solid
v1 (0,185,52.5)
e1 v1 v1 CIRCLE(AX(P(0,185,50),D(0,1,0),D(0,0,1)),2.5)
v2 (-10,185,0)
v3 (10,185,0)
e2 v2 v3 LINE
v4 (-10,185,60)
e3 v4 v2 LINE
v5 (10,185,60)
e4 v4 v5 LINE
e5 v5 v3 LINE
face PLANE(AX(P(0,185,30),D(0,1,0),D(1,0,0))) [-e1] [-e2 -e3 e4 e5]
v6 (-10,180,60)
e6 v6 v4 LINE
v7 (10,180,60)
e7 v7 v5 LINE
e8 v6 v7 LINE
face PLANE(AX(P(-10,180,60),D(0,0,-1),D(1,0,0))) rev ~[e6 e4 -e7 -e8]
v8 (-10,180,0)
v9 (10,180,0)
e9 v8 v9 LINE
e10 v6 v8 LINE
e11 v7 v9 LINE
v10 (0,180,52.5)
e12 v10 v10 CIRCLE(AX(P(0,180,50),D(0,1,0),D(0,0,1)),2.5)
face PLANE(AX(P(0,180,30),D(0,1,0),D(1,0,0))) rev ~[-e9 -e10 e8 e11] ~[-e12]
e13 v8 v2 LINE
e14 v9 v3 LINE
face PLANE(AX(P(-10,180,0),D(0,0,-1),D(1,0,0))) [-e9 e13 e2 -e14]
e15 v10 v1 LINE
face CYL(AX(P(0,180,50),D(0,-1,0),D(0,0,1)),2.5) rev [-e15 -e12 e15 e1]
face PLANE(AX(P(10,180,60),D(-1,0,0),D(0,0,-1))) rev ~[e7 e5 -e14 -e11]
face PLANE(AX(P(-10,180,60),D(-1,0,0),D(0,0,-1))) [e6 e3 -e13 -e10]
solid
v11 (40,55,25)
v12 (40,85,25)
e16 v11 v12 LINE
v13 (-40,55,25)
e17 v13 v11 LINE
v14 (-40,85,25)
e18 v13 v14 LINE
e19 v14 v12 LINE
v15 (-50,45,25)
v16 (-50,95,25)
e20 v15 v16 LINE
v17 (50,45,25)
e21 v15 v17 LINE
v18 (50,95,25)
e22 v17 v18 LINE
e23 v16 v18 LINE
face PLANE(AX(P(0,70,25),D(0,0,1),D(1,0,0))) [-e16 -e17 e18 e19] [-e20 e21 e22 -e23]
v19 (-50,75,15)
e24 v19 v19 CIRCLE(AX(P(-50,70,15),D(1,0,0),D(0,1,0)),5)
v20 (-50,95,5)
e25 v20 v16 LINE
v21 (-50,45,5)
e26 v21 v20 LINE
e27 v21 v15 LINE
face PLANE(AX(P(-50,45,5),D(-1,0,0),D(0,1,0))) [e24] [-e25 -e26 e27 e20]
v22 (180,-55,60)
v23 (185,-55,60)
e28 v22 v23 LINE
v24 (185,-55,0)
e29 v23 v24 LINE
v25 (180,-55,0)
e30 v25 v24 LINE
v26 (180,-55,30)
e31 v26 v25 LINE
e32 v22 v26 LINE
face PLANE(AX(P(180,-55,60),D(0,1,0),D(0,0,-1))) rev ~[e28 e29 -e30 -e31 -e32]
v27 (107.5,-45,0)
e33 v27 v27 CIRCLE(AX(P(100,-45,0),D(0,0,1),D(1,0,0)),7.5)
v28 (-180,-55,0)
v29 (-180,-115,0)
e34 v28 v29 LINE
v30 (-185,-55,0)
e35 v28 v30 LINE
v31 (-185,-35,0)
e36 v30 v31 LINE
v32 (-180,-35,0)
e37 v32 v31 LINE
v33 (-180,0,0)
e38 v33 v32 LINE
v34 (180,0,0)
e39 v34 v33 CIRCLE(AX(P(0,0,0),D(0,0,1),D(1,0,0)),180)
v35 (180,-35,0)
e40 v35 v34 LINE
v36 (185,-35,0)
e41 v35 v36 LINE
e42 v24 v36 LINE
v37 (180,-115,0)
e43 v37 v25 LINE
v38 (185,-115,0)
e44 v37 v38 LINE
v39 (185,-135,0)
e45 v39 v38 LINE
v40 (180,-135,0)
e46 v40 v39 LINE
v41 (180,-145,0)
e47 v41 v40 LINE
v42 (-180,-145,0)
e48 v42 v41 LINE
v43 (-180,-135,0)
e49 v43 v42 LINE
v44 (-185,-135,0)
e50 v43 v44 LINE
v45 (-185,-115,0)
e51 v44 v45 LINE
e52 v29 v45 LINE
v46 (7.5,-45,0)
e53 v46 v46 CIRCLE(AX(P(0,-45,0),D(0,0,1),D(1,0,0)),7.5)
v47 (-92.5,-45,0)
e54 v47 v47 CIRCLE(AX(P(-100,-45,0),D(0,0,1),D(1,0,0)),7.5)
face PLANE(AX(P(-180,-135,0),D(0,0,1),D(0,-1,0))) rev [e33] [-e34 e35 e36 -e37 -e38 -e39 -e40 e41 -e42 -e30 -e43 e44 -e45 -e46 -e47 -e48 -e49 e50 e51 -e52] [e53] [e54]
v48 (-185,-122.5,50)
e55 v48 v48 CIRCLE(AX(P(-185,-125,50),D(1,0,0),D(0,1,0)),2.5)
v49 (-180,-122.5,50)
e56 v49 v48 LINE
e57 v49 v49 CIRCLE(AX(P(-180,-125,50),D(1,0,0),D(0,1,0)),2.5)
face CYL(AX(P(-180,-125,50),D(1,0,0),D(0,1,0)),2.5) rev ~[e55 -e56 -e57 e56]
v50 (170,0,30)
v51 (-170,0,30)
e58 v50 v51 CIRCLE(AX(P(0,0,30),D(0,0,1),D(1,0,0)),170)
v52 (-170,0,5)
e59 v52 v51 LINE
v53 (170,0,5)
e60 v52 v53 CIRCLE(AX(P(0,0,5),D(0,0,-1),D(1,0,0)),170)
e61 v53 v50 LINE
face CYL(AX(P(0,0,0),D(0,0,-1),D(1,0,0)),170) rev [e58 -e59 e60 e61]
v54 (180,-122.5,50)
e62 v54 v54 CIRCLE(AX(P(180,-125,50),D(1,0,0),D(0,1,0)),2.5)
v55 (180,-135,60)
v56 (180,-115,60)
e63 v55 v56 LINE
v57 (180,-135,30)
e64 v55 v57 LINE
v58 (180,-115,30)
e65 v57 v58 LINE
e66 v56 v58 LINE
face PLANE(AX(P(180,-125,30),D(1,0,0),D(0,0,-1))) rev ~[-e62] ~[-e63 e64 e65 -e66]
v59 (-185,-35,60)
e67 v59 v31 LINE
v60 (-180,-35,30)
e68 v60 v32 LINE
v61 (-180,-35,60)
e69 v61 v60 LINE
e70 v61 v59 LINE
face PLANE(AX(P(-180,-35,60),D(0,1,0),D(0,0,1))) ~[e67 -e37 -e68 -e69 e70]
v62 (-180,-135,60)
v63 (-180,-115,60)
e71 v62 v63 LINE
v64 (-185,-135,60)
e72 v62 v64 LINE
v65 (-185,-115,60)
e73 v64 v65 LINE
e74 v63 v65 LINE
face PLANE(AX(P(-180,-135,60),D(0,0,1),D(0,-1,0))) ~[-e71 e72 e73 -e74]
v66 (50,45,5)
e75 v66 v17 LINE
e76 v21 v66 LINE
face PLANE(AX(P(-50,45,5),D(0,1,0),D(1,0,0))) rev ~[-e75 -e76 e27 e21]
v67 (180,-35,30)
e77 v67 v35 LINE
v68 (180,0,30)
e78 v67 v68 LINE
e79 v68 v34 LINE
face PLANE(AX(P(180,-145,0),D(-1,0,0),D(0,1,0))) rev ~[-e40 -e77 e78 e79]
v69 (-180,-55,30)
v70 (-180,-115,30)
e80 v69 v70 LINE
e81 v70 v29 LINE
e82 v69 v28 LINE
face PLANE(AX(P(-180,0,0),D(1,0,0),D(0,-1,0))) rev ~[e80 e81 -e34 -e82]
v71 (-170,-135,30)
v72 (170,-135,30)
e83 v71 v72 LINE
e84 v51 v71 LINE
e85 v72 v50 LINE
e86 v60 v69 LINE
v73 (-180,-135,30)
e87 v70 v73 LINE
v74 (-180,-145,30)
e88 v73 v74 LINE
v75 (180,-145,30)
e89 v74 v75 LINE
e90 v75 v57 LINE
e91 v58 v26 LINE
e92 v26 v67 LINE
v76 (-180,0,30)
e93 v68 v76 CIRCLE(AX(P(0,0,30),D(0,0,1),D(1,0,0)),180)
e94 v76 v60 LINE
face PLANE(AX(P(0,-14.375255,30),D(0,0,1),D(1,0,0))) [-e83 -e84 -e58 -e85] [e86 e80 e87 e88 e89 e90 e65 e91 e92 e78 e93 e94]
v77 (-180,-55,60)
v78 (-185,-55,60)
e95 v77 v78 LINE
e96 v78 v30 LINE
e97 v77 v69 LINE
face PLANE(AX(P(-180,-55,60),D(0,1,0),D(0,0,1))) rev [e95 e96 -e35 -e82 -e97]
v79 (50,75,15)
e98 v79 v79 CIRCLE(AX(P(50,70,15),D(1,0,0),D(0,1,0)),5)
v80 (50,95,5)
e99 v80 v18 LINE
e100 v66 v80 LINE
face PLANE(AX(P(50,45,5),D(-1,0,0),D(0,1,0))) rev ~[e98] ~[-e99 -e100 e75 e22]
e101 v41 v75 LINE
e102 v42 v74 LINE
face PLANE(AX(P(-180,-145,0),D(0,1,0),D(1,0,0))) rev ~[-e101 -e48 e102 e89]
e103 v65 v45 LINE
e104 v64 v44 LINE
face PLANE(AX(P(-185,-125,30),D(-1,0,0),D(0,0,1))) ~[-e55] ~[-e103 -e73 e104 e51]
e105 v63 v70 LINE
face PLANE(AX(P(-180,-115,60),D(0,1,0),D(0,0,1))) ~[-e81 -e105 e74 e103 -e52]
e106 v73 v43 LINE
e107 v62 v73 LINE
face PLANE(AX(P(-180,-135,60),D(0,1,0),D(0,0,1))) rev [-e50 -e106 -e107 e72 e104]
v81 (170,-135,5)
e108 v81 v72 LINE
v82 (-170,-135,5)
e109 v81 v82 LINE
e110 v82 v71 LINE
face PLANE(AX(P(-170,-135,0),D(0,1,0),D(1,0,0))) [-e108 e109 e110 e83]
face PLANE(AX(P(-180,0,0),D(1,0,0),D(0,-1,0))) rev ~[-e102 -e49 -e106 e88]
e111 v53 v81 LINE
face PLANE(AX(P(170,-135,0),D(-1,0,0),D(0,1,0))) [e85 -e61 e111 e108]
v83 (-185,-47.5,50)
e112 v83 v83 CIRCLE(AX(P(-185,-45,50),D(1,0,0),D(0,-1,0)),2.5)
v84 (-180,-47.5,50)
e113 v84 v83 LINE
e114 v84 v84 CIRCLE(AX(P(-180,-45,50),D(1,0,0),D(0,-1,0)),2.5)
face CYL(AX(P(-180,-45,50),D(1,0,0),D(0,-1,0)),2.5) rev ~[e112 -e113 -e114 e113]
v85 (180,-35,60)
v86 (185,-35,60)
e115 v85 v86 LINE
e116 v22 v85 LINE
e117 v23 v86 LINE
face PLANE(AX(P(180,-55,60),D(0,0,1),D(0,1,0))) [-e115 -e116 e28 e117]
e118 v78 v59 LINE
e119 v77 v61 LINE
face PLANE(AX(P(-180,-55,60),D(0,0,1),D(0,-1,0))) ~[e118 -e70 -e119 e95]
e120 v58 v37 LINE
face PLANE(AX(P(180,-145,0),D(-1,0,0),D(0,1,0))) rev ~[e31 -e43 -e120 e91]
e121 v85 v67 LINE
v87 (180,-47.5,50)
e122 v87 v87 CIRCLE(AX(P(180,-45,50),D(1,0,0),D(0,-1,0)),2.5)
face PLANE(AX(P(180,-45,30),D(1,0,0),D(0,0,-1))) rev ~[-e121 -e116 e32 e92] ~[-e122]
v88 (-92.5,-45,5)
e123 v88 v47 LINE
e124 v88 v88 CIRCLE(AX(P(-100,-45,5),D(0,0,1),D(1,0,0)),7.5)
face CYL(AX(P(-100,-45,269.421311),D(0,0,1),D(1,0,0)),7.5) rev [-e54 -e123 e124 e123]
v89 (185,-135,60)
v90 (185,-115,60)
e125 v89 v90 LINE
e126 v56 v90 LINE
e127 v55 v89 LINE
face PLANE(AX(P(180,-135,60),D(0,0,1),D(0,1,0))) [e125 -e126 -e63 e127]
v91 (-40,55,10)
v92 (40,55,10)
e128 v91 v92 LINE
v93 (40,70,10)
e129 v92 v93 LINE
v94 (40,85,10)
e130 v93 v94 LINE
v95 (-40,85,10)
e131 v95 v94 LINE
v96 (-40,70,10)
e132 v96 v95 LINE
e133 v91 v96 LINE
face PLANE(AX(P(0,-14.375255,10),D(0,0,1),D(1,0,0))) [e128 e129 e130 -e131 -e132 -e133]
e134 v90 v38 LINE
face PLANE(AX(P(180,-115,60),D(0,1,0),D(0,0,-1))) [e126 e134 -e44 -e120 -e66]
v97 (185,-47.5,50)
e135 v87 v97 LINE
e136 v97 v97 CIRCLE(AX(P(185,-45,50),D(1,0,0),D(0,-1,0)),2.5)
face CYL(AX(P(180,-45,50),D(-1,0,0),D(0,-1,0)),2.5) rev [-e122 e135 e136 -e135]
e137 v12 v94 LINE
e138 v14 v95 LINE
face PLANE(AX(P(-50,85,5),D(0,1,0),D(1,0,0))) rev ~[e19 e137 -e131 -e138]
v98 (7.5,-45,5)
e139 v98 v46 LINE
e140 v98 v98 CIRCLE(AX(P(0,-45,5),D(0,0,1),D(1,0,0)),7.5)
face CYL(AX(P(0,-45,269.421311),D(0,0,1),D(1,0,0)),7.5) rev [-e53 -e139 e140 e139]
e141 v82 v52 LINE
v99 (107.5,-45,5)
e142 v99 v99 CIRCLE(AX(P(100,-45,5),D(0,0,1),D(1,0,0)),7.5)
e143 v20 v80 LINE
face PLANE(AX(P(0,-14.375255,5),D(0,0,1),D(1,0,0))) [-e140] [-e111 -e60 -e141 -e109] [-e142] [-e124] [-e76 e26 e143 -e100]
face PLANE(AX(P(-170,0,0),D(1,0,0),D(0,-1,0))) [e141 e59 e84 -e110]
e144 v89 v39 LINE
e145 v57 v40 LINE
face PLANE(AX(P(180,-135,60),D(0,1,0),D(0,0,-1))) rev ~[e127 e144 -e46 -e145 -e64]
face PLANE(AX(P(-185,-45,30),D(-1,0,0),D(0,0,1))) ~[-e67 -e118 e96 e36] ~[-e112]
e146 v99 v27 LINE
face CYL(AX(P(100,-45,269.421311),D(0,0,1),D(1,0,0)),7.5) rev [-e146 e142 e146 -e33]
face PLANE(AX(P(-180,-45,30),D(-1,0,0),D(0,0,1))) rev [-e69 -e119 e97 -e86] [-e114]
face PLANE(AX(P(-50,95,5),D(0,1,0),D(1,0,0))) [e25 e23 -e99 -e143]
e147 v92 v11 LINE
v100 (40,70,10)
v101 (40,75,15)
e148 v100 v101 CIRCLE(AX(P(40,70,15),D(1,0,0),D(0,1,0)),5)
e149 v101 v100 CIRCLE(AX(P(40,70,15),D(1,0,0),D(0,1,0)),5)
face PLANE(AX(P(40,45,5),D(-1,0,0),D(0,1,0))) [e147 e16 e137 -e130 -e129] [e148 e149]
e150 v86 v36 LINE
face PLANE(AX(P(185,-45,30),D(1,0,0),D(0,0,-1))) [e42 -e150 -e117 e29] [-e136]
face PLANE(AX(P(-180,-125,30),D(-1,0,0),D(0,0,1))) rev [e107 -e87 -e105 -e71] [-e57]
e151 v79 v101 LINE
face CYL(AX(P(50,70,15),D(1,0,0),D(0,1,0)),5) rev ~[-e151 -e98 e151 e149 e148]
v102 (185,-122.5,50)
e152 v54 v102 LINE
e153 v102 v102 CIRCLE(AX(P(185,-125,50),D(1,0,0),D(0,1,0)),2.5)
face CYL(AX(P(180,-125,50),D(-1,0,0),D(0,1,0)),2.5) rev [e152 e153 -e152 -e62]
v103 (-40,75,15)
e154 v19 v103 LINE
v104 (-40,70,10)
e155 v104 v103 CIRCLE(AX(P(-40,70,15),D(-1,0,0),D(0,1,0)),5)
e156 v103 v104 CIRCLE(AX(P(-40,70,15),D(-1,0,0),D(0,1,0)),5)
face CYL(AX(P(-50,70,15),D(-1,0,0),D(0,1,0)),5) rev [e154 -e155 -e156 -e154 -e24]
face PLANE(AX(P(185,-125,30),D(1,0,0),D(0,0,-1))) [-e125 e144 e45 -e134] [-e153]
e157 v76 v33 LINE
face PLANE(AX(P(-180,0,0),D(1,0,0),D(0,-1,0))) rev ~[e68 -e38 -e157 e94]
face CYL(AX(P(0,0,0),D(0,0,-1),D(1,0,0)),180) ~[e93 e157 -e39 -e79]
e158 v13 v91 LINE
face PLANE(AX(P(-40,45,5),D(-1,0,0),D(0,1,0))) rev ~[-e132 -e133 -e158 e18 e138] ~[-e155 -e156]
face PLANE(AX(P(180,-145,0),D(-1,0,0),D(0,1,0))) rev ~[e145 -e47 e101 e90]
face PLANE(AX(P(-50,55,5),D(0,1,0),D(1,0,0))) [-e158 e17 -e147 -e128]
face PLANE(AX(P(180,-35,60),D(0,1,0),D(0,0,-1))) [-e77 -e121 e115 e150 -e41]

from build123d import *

# Parameters (mm, degrees)
BOSS_EXTRUDE1_DEPTH     = 5
BOSS_EXTRUDE2_DEPTH     = 30
SKETCH4_W               = 100
SKETCH4_H               = 50
BOSS_EXTRUDE3_DEPTH     = 20
SHELL1_T                = -10
SKETCH5_R               = 5
CUT_EXTRUDE1_DEPTH      = 20
SKETCH6_W               = 60
SKETCH6_H               = 20
SKETCH6_R               = 2.5
BOSS_EXTRUDE4_DEPTH     = 5
SKETCH8_W               = 20
SKETCH8_H               = 60
SKETCH8_R               = 2.5
BOSS_EXTRUDE5_DEPTH     = 5
CUT_EXTRUDE2_DEPTH      = 269.421310629
CUT_EXTRUDE2_DEPTH_BACK = 269.421310629
SKETCH9_R               = 7.5


with BuildPart() as part:
    # Sketch1 → Boss-Extrude1 (new body)
    with BuildSketch(Plane.XY):
        with BuildLine():
            Line((-180, 0), (-180, -145))
            Line((-180, -145), (180, -145))
            Line((180, -145), (180, 0))
            ThreePointArc((180, 0), (0, 180), (-180, 0))
        make_face()
    extrude(amount=BOSS_EXTRUDE1_DEPTH)

    # Sketch3 → Boss-Extrude2 (add)
    with BuildSketch(Plane.XY):
        with BuildLine():
            Line((-180, 0), (-180, -145))
            Line((-180, -145), (180, -145))
            Line((180, -145), (180, 0))
            ThreePointArc((180, 0), (0, 180), (-180, 0))
        make_face()
        with BuildLine():
            Line((-170, 0), (-170, -135))
            Line((-170, -135), (170, -135))
            Line((170, -135), (170, 0))
            ThreePointArc((170, 0), (0, 170), (-170, 0))
        make_face(mode=Mode.SUBTRACT)
    extrude(amount=BOSS_EXTRUDE2_DEPTH)

    # Sketch4 → Boss-Extrude3 (add)
    with BuildSketch(Plane.XY.offset(5)):
        with Locations((0, 70)):
            Rectangle(SKETCH4_W, SKETCH4_H)
    extrude(amount=BOSS_EXTRUDE3_DEPTH)

    # Shell1
    shell1_openings = [part.faces().sort_by_distance(p)[0] for p in [
        (0, 70, 25),
    ]]
    offset(amount=SHELL1_T, openings=shell1_openings)

    # Sketch5 → Cut-Extrude1 (cut)
    with BuildSketch(Plane(origin=(50, 0, 0), x_dir=(0, 0, -1), z_dir=(1, 0, 0))):
        with Locations(Location((-15, 70, 0), (0, 0, 90))):
            Circle(SKETCH5_R)
    cut_extrude1 = extrude(amount=-CUT_EXTRUDE1_DEPTH, mode=Mode.SUBTRACT)

    # Mirror1: Cut-Extrude1 across plane
    add(cut_extrude1.mirror(Plane(origin=(0, 0, 0), x_dir=(0, 0, 1), z_dir=(1, 0, 0))), mode=Mode.SUBTRACT)

    # Sketch6 → Boss-Extrude4 (add)
    # profile 1 of 2: a face of its own
    with BuildSketch(Plane(origin=(180, 0, 0), x_dir=(0, 0, -1), z_dir=(1, 0, 0))):
        with Locations((-30, -125)):
            Rectangle(SKETCH6_W, SKETCH6_H)
        with Locations(Location((-50, -125, 0), (0, 0, 90))):
            Circle(SKETCH6_R, mode=Mode.SUBTRACT)
    # profile 2 of 2: a face of its own
    with BuildSketch(Plane(origin=(180, 0, 0), x_dir=(0, 0, -1), z_dir=(1, 0, 0))):
        with Locations((-30, -45)):
            Rectangle(SKETCH6_W, SKETCH6_H)
        with Locations(Location((-50, -45, 0), (0, 0, 270))):
            Circle(SKETCH6_R, mode=Mode.SUBTRACT)
    boss_extrude4 = extrude(amount=BOSS_EXTRUDE4_DEPTH)

    # Mirror2: Boss-Extrude4 across plane
    add(boss_extrude4.mirror(Plane(origin=(0, 0, 0), x_dir=(0, 0, 1), z_dir=(1, 0, 0))))

    # Sketch9 → Cut-Extrude2 (cut, two sides: drawn at the far end of the back side and taken through both)
    with BuildSketch(Plane(origin=(0, 0, 0), x_dir=(-1, 0, 0), z_dir=(0, 0, -1)).offset(-CUT_EXTRUDE2_DEPTH_BACK)):
        with Locations(Location((-100, -45, 0), (0, 0, 180))):
            Circle(SKETCH9_R)
        with Locations(Location((0, -45, 0), (0, 0, 180))):
            Circle(SKETCH9_R)
        with Locations(Location((100, -45, 0), (0, 0, 180))):
            Circle(SKETCH9_R)
    extrude(amount=CUT_EXTRUDE2_DEPTH + CUT_EXTRUDE2_DEPTH_BACK, mode=Mode.SUBTRACT)


with BuildPart() as body_2:
    # Sketch8 → Boss-Extrude5 (new body)
    with BuildSketch(Plane(origin=(0, 180, 0), x_dir=(1, 0, 0), z_dir=(0, 1, 0))):
        with Locations((0, -30)):
            Rectangle(SKETCH8_W, SKETCH8_H)
        with Locations(Location((0, -50, 0), (0, 0, 270))):
            Circle(SKETCH8_R, mode=Mode.SUBTRACT)
    extrude(amount=BOSS_EXTRUDE5_DEPTH)


solid = Compound([part.part, body_2.part])
